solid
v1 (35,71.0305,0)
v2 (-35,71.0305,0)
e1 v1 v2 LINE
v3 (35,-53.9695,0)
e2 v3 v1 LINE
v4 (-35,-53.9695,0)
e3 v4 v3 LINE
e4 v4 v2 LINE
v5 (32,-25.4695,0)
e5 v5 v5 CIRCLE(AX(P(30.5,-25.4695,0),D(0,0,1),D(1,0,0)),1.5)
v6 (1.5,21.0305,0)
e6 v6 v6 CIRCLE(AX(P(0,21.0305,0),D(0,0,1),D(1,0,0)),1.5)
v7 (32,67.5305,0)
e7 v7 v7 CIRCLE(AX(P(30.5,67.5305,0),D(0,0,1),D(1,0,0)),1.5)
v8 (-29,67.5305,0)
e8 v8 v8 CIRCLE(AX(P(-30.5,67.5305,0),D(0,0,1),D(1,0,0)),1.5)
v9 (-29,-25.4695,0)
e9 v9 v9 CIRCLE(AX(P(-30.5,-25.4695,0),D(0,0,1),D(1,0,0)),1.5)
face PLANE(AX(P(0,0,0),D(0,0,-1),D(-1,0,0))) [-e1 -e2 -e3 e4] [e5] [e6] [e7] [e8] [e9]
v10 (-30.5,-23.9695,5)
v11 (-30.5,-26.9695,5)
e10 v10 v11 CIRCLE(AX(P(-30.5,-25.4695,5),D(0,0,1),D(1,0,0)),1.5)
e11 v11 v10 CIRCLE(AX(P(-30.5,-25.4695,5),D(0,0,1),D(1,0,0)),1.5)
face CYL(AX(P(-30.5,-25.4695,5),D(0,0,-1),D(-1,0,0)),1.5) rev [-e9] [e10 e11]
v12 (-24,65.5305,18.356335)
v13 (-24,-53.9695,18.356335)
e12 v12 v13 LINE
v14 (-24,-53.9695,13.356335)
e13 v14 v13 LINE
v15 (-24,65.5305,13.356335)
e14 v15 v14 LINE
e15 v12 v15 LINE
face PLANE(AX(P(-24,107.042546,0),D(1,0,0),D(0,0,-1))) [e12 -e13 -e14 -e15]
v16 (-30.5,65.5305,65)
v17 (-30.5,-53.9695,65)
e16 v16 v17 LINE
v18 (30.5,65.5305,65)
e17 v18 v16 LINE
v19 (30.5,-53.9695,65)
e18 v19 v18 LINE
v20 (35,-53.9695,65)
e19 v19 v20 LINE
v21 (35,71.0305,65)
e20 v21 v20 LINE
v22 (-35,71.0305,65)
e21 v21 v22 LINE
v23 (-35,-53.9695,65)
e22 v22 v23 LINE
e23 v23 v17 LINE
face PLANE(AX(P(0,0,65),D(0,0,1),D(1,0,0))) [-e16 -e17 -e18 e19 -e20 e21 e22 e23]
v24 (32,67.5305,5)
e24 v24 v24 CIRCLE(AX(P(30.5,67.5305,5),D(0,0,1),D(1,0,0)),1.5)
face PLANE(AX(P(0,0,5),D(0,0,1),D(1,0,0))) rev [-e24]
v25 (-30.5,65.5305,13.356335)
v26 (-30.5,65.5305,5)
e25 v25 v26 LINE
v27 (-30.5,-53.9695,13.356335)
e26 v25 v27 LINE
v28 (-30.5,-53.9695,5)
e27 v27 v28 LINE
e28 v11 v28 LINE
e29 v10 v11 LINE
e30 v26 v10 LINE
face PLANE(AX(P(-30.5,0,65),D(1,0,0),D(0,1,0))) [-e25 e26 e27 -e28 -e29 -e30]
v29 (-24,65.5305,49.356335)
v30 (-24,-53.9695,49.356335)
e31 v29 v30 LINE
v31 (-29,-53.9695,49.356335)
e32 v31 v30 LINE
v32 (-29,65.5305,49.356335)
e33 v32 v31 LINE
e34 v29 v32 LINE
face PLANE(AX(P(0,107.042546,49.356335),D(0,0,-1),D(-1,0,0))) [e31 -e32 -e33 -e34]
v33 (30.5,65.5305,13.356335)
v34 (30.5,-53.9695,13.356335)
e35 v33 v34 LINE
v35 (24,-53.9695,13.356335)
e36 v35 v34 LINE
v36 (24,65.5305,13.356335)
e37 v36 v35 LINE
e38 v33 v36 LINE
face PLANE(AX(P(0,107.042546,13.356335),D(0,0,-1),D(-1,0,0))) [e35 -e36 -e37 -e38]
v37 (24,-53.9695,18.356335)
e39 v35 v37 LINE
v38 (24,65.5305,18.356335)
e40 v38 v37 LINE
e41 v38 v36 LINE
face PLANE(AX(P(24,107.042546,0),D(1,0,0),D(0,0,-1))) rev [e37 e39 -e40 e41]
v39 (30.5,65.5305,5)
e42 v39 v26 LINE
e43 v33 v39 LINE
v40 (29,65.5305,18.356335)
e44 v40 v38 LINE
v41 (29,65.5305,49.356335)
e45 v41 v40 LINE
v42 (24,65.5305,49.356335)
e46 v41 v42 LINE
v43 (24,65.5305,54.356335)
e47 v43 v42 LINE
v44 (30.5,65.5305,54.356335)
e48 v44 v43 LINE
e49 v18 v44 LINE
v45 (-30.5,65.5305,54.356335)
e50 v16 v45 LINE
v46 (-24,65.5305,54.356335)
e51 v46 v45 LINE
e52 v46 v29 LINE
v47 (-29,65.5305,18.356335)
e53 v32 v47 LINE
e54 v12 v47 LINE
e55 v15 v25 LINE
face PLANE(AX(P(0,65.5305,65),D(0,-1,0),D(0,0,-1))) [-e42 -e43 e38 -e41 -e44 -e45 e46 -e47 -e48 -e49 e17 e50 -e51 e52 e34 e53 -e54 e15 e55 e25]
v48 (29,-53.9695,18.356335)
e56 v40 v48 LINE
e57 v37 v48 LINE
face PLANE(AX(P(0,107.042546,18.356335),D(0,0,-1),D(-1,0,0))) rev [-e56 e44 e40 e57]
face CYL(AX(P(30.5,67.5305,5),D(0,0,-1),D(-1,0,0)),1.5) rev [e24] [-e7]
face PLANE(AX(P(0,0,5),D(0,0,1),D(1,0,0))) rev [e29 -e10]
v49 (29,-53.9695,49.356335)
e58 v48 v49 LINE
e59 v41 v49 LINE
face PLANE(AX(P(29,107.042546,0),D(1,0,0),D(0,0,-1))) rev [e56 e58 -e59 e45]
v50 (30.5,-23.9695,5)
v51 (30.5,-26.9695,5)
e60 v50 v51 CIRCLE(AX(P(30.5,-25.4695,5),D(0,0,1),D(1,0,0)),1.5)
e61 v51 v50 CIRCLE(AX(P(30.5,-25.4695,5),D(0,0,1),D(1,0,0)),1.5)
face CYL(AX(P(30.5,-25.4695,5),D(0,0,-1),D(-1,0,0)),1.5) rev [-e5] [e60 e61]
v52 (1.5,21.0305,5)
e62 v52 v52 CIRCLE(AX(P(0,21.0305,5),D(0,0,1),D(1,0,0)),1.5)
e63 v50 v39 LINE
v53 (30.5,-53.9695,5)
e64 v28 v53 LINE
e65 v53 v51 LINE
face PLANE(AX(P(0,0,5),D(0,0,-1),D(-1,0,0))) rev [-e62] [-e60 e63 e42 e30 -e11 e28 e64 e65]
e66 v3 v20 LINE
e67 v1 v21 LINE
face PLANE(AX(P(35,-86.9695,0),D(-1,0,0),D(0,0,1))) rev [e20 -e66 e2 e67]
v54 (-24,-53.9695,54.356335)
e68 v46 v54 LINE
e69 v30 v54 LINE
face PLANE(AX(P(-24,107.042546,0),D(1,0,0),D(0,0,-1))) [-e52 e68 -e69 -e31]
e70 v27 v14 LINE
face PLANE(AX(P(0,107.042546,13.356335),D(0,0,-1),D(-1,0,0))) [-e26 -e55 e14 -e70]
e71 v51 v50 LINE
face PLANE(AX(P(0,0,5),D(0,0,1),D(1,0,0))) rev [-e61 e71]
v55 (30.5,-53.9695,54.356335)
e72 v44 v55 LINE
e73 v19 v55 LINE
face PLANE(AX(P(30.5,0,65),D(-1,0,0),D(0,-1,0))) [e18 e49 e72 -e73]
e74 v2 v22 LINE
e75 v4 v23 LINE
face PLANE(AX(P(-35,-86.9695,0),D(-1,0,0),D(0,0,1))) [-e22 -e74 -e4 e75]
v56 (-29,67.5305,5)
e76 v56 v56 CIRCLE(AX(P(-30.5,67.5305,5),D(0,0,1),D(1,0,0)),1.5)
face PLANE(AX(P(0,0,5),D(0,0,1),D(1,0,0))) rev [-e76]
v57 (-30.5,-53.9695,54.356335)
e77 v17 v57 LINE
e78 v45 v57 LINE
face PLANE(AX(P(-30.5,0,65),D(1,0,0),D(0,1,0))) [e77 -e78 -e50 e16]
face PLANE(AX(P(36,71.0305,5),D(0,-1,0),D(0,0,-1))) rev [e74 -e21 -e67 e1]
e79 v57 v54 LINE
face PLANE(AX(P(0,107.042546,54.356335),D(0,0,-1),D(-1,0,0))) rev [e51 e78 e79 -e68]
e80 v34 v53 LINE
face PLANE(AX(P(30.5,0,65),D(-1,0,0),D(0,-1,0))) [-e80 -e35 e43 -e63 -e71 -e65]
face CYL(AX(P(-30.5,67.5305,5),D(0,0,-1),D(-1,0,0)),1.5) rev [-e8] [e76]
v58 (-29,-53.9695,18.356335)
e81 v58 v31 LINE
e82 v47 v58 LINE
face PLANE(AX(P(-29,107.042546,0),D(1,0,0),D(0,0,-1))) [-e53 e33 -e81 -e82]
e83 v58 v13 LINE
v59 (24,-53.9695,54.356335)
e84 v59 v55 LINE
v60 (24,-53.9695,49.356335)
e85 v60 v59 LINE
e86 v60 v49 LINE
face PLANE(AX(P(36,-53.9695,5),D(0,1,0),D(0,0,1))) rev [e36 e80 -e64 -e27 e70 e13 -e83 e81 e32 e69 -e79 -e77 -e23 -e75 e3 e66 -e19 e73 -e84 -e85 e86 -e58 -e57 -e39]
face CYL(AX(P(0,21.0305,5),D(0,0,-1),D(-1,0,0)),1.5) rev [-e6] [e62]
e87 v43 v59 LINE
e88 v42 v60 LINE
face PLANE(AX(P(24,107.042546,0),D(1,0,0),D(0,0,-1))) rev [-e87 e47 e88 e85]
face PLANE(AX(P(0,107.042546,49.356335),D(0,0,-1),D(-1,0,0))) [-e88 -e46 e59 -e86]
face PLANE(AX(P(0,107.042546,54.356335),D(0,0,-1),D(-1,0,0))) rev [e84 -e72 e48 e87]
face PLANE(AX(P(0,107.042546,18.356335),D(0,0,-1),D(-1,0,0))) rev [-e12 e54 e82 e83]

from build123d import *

# Parameters (mm, degrees)
SKETCH1_W           = 72
SKETCH1_H           = 125
BOSS_EXTRUDE1_DEPTH = 5
SKETCH2_R           = 1.5
CUT_EXTRUDE6_DEPTH  = 5
BOSS_EXTRUDE2_DEPTH = 60
BOSS_EXTRUDE3_DEPTH = 119.5
SKETCH5_W           = 1
SKETCH5_H           = 65
SKETCH5_W_2         = 4
CUT_EXTRUDE7_DEPTH  = 158


with BuildPart() as part:
    # Sketch1 → Boss-Extrude1 (new body)
    with BuildSketch(Plane(origin=(0, 0, 0), x_dir=(-1, 0, 0), z_dir=(0, 0, 1))):
        with Locations((0, -8.5305)):
            Rectangle(SKETCH1_W, SKETCH1_H)
    extrude(amount=BOSS_EXTRUDE1_DEPTH)

    # Sketch2 → Cut-Extrude6 (cut)
    with BuildSketch(Plane(origin=(0, 0, 0), x_dir=(-1, 0, 0), z_dir=(0, 0, 1))):
        with Locations(Location((30.5, -67.5305, 0), (0, 0, 180))):
            Circle(SKETCH2_R)
        with Locations(Location((-30.5, -67.5305, 0), (0, 0, 180))):
            Circle(SKETCH2_R)
        with Locations(Location((30.5, 25.4695, 0), (0, 0, 180))):
            Circle(SKETCH2_R)
        with Locations(Location((-30.5, 25.4695, 0), (0, 0, 180))):
            Circle(SKETCH2_R)
        with Locations(Location((0, -21.0305, 0), (0, 0, 180))):
            Circle(SKETCH2_R)
    extrude(amount=CUT_EXTRUDE6_DEPTH, mode=Mode.SUBTRACT)

    # Sketch3 → Boss-Extrude2 (add)
    with BuildSketch(Plane.XY.offset(5)):
        Polygon((-30.5, -53.9695), (-30.5, 65.5305), (30.5, 65.5305), (30.5, -53.9695), (36, -53.9695), (36, 71.0305), (-36, 71.0305), (-36, -53.9695), align=None)
    extrude(amount=BOSS_EXTRUDE2_DEPTH)

    # Sketch4 → Boss-Extrude3 (add)
    with BuildSketch(Plane.XZ.offset(53.9695)):
        Polygon((-24, 18.356334593), (-29, 18.356334593), (-29, 49.356334593), (-24, 49.356334593), (-24, 54.356334593), (-30.5, 54.356334593), (-30.5, 13.356334593), (-24, 13.356334593), align=None)
        Polygon((29, 18.356334593), (24, 18.356334593), (24, 13.356334593), (30.5, 13.356334593), (30.5, 54.356334593), (24, 54.356334593), (24, 49.356334593), (29, 49.356334593), align=None)
    extrude(amount=-BOSS_EXTRUDE3_DEPTH)

    # Sketch5 → Cut-Extrude7 (cut)
    with BuildSketch(Plane(origin=(0, 71.0305, 0), x_dir=(1, 0, 0), z_dir=(0, 1, 0))):
        with Locations((-35.5, -32.5)):
            Rectangle(SKETCH5_W, SKETCH5_H)
        with Locations((-38, -32.5)):
            Rectangle(SKETCH5_W_2, SKETCH5_H)
        with Locations((38, -32.5)):
            Rectangle(SKETCH5_W_2, SKETCH5_H)
        with Locations((35.5, -32.5)):
            Rectangle(SKETCH5_W, SKETCH5_H)
    extrude(amount=-CUT_EXTRUDE7_DEPTH, mode=Mode.SUBTRACT)


solid = part.part
